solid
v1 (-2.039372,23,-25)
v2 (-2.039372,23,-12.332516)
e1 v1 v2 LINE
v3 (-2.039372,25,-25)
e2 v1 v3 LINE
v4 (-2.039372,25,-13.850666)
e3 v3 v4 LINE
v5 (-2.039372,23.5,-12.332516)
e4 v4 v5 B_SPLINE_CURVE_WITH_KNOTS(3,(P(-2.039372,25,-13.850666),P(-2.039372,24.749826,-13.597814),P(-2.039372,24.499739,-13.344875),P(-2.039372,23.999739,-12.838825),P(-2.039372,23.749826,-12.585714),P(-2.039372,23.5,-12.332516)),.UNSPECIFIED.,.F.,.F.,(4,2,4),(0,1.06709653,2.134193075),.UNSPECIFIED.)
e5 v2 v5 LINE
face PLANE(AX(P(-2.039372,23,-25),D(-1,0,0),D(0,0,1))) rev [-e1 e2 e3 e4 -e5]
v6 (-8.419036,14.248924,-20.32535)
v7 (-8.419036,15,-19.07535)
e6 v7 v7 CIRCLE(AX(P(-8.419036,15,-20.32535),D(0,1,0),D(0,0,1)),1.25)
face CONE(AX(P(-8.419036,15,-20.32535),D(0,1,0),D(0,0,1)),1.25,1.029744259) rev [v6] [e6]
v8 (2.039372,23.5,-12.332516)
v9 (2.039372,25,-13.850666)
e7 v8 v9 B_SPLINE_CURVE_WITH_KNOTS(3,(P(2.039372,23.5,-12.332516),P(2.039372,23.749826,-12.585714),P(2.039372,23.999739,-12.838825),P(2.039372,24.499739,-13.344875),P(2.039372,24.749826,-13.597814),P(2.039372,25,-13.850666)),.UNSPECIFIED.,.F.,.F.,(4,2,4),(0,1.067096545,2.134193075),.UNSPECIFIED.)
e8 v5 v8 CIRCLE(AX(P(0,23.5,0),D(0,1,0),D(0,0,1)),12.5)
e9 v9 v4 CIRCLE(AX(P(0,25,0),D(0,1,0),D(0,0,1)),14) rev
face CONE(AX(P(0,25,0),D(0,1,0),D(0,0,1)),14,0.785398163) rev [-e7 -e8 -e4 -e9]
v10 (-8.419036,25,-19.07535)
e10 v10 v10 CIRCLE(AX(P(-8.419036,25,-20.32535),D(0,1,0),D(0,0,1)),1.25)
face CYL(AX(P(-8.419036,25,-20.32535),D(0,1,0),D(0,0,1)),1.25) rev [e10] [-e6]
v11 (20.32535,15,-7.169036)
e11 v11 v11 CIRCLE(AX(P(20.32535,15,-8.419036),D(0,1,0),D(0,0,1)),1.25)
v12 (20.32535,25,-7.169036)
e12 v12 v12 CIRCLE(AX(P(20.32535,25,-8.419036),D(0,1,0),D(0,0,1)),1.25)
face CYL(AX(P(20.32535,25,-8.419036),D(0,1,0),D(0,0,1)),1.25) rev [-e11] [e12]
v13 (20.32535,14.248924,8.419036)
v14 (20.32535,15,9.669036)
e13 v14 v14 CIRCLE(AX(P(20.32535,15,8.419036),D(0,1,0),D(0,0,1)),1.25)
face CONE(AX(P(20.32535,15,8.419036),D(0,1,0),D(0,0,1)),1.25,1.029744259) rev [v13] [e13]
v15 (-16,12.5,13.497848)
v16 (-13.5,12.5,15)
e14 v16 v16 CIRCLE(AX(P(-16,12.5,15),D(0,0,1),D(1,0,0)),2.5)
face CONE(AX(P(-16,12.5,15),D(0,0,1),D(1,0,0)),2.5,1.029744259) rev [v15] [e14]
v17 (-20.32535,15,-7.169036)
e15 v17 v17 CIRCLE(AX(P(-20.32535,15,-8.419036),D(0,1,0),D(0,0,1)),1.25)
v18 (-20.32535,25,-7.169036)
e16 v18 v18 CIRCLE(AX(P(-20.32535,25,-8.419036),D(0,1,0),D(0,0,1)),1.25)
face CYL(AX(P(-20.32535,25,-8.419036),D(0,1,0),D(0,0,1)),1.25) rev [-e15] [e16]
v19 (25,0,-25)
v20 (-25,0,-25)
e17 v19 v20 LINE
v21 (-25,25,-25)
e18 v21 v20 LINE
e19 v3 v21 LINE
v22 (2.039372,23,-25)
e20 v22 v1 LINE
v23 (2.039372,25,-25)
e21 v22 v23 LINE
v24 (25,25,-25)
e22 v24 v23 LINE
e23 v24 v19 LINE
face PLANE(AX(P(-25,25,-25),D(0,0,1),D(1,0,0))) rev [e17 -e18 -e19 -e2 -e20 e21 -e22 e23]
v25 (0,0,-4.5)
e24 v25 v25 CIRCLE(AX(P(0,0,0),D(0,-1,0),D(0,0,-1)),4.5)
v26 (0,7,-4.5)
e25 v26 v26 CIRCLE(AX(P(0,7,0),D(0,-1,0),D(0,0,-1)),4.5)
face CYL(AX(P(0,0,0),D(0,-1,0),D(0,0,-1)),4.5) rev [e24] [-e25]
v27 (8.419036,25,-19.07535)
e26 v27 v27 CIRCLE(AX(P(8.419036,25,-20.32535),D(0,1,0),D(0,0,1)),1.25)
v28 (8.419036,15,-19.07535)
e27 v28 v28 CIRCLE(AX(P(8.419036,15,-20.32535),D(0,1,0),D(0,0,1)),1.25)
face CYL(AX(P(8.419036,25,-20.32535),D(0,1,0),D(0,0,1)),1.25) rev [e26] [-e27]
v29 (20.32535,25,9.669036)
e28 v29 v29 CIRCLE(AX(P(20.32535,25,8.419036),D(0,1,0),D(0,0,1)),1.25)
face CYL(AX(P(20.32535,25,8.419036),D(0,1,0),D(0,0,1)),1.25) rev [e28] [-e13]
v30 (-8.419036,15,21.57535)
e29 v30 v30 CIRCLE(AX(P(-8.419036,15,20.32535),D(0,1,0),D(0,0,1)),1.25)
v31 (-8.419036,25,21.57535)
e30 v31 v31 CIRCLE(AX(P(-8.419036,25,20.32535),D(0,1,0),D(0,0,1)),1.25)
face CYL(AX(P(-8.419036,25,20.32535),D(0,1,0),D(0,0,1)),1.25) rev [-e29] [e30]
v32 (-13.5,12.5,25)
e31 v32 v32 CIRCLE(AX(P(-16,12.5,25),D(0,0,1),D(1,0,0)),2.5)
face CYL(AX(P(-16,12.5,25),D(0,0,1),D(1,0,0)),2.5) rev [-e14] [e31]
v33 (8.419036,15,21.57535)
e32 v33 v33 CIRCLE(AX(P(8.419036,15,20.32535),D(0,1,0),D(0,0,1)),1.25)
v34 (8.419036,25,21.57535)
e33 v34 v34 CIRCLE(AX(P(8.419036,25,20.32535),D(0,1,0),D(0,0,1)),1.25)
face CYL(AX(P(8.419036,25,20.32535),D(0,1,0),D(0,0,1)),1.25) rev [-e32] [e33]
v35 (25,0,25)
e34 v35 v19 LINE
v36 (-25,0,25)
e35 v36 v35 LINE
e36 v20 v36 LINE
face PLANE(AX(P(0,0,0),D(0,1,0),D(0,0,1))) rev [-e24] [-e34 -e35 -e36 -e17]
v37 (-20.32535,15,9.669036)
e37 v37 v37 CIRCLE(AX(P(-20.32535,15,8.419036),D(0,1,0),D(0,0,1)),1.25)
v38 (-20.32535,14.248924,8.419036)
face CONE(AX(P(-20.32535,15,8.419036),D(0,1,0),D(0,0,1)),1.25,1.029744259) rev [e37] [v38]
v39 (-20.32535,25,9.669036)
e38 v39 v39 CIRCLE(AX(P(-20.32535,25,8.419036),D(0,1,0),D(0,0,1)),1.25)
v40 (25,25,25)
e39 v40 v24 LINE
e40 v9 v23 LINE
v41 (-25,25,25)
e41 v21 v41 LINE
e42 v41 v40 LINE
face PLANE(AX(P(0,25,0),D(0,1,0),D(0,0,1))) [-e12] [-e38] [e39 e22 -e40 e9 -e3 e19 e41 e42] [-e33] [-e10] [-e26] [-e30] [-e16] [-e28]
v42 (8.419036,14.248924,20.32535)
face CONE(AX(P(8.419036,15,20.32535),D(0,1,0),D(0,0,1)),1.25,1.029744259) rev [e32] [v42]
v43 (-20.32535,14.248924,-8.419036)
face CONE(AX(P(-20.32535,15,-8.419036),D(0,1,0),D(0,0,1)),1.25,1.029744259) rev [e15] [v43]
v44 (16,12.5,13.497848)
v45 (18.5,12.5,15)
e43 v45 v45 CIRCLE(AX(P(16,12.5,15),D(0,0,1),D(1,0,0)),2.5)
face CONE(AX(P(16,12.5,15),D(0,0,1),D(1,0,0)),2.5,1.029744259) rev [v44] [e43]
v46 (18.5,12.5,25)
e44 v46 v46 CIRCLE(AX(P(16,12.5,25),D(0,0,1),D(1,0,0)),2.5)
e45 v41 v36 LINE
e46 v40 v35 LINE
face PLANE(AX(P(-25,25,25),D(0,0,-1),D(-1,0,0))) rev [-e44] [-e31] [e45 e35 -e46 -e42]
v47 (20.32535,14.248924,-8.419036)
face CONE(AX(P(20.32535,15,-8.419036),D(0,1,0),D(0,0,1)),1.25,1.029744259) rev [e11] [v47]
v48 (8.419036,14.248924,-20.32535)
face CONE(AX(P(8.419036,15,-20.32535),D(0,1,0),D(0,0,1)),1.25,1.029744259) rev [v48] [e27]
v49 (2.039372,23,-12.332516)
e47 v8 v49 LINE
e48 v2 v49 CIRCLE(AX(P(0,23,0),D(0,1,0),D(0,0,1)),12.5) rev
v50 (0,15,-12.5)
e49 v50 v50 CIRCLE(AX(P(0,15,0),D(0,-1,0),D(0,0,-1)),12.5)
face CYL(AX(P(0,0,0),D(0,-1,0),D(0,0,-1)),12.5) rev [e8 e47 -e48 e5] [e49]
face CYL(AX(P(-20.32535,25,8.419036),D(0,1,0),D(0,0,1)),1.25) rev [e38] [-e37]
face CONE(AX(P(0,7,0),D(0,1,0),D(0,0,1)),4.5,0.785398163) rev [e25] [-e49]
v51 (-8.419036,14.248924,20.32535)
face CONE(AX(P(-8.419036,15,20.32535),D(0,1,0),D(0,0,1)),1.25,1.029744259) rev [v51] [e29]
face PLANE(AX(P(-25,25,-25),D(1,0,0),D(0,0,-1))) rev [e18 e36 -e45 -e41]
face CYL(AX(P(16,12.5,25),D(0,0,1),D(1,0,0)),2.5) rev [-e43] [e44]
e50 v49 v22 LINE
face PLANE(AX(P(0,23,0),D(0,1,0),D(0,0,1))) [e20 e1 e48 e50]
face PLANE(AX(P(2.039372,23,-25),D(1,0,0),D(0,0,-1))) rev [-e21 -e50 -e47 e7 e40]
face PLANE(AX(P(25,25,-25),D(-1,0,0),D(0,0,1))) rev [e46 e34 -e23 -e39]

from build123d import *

# Parameters (mm, degrees)
ESQUISSE1_W                                   = 50
ESQUISSE1_H                                   = 50
BOSS_EXTRU_1_DEPTH                            = 25
TROU_POUR_TARAUDAGE_POUR_TROU_TARAUD_M3_D     = 2.5
TROU_POUR_TARAUDAGE_POUR_TROU_TARAUD_M3_DEPTH = 10
TROU_POUR_TARAUDAGE_POUR_TROU_TARAUD_M3_TIP   = 0.751075774
TROU_POUR_TARAUDAGE_POUR_TROU_TARAUD_M6_D     = 5
TROU_POUR_TARAUDAGE_POUR_TROU_TARAUD_M6_DEPTH = 10
TROU_POUR_TARAUDAGE_POUR_TROU_TARAUD_M6_TIP   = 1.502151548
ESQUISSE12_W                                  = 4.07874476
ESQUISSE12_H                                  = 14
ENL_V_MAT_EXTRU_1_DEPTH                       = 2
CHANFREIN1_SIZE                               = 1.5


with BuildPart() as part:
    # Esquisse1 → Boss.-Extru.1 (new body)
    with BuildSketch(Plane(origin=(0, 0, 0), x_dir=(1, 0, 0), z_dir=(0, 1, 0))):
        Rectangle(ESQUISSE1_W, ESQUISSE1_H)
    extrude(amount=BOSS_EXTRU_1_DEPTH)

    # Esquisse2 → Enlèvement de matière-Révolution1 (revolve, cut)
    with BuildSketch(Plane.XY, mode=Mode.PRIVATE) as enl_vement_de_mati_re_r_volution1_sk:
        Polygon((0, 0), (4.5, 0), (4.5, 7), (12.5, 15), (12.5, 25), (0, 25), align=None)
    revolve(enl_vement_de_mati_re_r_volution1_sk.sketch.rotate(Axis((0, 0, 0), (0, 1, 0)), 90), axis=Axis((0, 0, 0), (0, 1, 0)), mode=Mode.SUBTRACT)

    # Trou pour taraudage pour trou taraudé M31
    with Locations(Plane(origin=(0, 25, 0), x_dir=(1, 0, 0), z_dir=(0, 1, 0))):
        with Locations((-8.419035512, 20.325349715), (8.419035512, 20.325349715), (20.325349715, 8.419035512), (20.325349715, -8.419035512), (8.419035512, -20.325349715), (-8.419035512, -20.325349715), (-20.325349715, -8.419035512), (-20.325349715, 8.419035512)):
            Hole(TROU_POUR_TARAUDAGE_POUR_TROU_TARAUD_M3_D / 2, depth=TROU_POUR_TARAUDAGE_POUR_TROU_TARAUD_M3_DEPTH)
            with Locations((0, 0, -(TROU_POUR_TARAUDAGE_POUR_TROU_TARAUD_M3_DEPTH + TROU_POUR_TARAUDAGE_POUR_TROU_TARAUD_M3_TIP / 2))):  # 118° drill point
                Cone(0, TROU_POUR_TARAUDAGE_POUR_TROU_TARAUD_M3_D / 2, TROU_POUR_TARAUDAGE_POUR_TROU_TARAUD_M3_TIP, mode=Mode.SUBTRACT)

    # Trou pour taraudage pour trou taraudé M61
    with Locations(Plane.XY.offset(25)):
        with Locations((-16, 12.5), (16, 12.5)):
            Hole(TROU_POUR_TARAUDAGE_POUR_TROU_TARAUD_M6_D / 2, depth=TROU_POUR_TARAUDAGE_POUR_TROU_TARAUD_M6_DEPTH)
            with Locations((0, 0, -(TROU_POUR_TARAUDAGE_POUR_TROU_TARAUD_M6_DEPTH + TROU_POUR_TARAUDAGE_POUR_TROU_TARAUD_M6_TIP / 2))):  # 118° drill point
                Cone(0, TROU_POUR_TARAUDAGE_POUR_TROU_TARAUD_M6_D / 2, TROU_POUR_TARAUDAGE_POUR_TROU_TARAUD_M6_TIP, mode=Mode.SUBTRACT)

    # Esquisse12 → Enlèv. mat.-Extru.1 (cut)
    with BuildSketch(Plane(origin=(0, 25, 0), x_dir=(1, 0, 0), z_dir=(0, 1, 0))):
        with Locations((0, 18)):
            Rectangle(ESQUISSE12_W, ESQUISSE12_H)
    extrude(amount=-ENL_V_MAT_EXTRU_1_DEPTH, mode=Mode.SUBTRACT)

    # Chanfrein1
    chanfrein1_edges = [part.edges().sort_by_distance(p)[0] for p in [
        (0, 25, 12.5),
    ]]
    chamfer(chanfrein1_edges, length=CHANFREIN1_SIZE)


solid = part.part
